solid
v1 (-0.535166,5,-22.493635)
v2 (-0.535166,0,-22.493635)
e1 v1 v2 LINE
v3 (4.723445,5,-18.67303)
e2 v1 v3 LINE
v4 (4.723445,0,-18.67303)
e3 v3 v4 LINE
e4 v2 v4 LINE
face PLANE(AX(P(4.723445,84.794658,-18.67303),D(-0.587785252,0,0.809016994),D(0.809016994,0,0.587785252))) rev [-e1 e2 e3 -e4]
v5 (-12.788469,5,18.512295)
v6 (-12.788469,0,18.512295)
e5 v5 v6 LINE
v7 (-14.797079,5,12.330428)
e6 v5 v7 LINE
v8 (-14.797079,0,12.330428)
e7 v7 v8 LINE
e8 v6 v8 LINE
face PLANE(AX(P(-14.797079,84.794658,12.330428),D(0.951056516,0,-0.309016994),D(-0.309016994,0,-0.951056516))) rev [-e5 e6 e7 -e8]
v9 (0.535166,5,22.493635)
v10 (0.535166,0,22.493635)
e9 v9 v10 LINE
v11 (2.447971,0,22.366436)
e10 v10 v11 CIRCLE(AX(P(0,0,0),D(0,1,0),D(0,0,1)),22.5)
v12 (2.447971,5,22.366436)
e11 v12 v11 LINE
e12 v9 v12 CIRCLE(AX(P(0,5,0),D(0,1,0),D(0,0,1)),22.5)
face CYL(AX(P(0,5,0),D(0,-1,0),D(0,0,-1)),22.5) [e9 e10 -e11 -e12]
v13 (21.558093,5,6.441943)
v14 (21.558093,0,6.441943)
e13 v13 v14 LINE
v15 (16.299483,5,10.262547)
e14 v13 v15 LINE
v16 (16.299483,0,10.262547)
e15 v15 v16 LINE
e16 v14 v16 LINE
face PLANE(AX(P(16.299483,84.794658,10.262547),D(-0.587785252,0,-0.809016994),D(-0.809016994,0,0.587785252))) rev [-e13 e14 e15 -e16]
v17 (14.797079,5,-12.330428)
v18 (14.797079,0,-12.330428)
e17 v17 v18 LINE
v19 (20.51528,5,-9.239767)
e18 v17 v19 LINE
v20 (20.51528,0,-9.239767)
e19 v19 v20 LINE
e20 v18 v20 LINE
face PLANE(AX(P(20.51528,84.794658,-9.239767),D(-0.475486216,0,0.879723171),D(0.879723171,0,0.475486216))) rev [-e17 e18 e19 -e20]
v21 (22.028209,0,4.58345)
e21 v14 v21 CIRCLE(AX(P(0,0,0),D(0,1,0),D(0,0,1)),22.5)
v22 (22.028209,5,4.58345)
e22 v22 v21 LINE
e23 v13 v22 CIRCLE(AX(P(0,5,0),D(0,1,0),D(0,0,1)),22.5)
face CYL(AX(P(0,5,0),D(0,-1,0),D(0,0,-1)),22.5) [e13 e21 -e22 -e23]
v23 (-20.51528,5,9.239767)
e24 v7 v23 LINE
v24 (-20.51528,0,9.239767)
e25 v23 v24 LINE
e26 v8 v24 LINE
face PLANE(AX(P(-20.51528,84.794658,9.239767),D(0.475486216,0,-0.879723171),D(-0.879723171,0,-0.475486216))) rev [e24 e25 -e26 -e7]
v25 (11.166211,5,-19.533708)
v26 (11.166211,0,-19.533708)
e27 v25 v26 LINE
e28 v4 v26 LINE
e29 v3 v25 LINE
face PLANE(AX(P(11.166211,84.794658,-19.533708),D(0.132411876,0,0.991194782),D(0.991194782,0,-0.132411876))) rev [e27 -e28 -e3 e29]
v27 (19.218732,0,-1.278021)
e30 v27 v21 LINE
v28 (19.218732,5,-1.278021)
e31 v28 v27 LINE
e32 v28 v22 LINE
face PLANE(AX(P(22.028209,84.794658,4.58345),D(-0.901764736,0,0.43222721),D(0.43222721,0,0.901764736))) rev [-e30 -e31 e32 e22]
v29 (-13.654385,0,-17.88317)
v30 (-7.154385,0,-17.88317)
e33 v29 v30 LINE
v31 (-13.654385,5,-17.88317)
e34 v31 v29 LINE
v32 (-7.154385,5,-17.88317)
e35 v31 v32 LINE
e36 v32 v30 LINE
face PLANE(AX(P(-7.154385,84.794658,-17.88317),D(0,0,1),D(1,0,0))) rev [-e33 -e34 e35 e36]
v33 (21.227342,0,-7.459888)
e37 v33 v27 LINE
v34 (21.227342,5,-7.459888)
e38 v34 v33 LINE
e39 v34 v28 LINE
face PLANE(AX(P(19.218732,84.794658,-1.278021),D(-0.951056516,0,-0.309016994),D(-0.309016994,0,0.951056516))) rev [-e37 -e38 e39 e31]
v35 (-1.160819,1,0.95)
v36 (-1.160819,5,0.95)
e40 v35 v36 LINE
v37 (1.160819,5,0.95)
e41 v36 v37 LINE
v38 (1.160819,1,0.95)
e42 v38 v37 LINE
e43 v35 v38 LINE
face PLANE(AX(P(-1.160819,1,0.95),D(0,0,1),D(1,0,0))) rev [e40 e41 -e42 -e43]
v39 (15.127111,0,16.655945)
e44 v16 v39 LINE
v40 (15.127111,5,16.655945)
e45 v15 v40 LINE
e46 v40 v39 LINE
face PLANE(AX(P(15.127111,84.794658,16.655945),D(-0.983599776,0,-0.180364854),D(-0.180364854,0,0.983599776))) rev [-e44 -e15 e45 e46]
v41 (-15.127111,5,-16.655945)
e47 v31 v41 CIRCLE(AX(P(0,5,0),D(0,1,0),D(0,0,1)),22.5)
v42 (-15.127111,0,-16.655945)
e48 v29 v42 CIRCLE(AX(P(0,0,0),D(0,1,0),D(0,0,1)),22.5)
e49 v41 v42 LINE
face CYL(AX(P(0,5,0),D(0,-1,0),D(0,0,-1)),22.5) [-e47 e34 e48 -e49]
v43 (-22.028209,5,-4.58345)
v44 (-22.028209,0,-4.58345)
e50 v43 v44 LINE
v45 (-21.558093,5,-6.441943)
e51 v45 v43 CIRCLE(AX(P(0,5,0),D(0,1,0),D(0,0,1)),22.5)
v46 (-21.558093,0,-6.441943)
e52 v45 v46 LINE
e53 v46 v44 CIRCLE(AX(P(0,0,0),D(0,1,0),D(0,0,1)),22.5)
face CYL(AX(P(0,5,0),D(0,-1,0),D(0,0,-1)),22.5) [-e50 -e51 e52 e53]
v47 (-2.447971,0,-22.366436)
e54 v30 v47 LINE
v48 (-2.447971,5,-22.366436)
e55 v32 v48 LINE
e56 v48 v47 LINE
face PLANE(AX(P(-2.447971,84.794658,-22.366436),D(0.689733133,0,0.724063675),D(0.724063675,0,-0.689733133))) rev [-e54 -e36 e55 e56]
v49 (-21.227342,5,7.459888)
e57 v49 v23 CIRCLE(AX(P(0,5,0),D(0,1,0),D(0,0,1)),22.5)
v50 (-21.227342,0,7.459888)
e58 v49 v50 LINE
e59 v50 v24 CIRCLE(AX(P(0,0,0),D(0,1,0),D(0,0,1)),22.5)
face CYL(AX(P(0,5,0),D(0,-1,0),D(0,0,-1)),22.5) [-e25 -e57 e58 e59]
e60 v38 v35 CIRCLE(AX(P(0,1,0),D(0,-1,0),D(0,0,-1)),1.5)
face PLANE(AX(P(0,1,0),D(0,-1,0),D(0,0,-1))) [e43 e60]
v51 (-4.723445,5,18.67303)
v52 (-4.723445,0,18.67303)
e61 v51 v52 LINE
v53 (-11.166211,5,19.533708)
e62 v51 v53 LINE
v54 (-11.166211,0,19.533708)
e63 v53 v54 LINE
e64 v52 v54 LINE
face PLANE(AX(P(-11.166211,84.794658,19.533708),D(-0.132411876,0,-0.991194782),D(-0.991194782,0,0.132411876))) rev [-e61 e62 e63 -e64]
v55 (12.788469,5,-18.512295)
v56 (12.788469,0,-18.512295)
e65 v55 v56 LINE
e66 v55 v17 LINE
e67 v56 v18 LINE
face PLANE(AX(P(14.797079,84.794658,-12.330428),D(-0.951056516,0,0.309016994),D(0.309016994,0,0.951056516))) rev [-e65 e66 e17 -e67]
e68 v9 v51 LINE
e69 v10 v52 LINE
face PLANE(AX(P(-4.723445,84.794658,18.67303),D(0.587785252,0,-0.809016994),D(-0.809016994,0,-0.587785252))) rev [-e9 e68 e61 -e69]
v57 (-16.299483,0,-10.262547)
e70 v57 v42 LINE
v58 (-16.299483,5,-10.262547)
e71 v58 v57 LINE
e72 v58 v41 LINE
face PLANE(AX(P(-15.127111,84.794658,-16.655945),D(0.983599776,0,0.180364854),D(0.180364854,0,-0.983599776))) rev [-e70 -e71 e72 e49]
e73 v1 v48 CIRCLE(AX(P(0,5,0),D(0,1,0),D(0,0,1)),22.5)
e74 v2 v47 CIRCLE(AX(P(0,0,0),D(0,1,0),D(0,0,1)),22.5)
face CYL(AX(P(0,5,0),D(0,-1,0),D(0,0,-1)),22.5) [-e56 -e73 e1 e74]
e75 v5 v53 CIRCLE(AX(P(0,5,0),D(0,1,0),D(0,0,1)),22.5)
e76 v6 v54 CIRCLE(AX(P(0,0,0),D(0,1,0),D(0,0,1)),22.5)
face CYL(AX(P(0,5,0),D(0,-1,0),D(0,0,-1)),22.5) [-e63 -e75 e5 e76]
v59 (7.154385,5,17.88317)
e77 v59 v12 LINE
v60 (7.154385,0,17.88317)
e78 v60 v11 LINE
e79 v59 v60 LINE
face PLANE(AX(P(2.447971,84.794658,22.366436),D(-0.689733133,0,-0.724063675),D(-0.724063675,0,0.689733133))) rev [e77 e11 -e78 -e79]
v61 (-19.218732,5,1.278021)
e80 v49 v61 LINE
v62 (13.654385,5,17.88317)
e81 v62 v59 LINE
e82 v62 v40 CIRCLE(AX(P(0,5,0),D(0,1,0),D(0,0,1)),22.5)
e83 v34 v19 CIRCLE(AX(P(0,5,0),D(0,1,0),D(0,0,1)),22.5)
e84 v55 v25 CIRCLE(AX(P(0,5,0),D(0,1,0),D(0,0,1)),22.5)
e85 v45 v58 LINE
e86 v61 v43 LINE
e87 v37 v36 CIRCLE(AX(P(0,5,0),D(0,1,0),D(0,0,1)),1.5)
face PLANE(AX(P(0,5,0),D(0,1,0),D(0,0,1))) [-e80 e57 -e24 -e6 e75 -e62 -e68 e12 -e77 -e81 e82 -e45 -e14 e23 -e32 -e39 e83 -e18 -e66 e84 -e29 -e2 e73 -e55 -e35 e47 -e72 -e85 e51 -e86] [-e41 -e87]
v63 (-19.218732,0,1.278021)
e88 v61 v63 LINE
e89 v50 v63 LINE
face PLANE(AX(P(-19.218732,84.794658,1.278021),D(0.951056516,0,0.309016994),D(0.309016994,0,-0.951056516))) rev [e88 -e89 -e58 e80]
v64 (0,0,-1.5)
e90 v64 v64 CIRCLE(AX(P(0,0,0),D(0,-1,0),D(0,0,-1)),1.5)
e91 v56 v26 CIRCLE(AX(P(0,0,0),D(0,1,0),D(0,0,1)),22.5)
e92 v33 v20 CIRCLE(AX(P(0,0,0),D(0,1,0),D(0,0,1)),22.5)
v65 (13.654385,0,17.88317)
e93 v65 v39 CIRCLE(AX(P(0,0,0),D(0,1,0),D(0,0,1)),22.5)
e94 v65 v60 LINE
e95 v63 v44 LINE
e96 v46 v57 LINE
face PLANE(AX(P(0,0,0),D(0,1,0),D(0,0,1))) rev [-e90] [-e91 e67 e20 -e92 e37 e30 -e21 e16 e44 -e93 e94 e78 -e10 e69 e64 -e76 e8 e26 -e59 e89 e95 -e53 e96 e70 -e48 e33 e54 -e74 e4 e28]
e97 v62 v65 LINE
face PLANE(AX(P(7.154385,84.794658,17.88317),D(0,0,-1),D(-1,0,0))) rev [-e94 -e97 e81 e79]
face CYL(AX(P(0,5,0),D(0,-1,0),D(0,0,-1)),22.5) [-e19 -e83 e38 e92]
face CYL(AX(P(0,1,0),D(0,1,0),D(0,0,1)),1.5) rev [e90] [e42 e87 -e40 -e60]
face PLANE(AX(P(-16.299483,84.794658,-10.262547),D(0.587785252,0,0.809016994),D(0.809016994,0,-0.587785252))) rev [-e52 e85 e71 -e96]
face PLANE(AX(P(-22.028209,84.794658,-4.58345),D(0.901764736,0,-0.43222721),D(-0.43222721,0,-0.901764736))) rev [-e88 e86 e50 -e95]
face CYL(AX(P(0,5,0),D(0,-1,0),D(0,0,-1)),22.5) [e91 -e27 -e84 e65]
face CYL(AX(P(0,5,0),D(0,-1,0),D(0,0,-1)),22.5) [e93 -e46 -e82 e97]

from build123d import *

# Parameters (mm, degrees)
SKETCH1_R               = 22.5
BOSS_EXTRUDE1_DEPTH     = 5
CUT_EXTRUDE1_DEPTH      = 4
CUT_EXTRUDE6_DEPTH      = 33.210246817
CUT_EXTRUDE6_DEPTH_BACK = 33.210246817
CUT_EXTRUDE7_START      = -1
SKETCH5_R               = 1.5
CUT_EXTRUDE7_DEPTH      = 1
CRVPATTERN3_COUNT       = 10


with BuildPart() as part:
    # Sketch1 → Boss-Extrude1 (new body)
    with BuildSketch(Plane(origin=(0, 0, 0), x_dir=(1, 0, 0), z_dir=(0, 1, 0))):
        with Locations(Location((0, 0, 0), (0, 0, 270))):
            Circle(SKETCH1_R)
    extrude(amount=BOSS_EXTRUDE1_DEPTH)

    # Sketch2 → Cut-Extrude1 (cut)
    with BuildSketch(Plane(origin=(0, 5, 0), x_dir=(1, 0, 0), z_dir=(0, 1, 0))):
        with BuildLine():
            Line((-1.160818677, -0.95), (1.160818677, -0.95))
            ThreePointArc((1.160818677, -0.95), (0, 1.5), (-1.160818677, -0.95))
        make_face()
    extrude(amount=-CUT_EXTRUDE1_DEPTH, mode=Mode.SUBTRACT)

    # Sketch4 → Cut-Extrude6 (cut, two sides: drawn at the far end of the back side and taken through both)
    with BuildSketch(Plane(origin=(0, 5, 0), x_dir=(1, 0, 0), z_dir=(0, 1, 0)).offset(-CUT_EXTRUDE6_DEPTH_BACK)):
        Polygon((83.285175452, 104.034655768), (-2.447970935, 22.36643553), (-7.154384821, 17.883170165), (-13.654384821, 17.883170165), (-132.059919263, 17.883170165), (-220.021178565, 237.751992892), (-4.67608385, 323.903478495), align=None)
    cut_extrude6 = extrude(amount=CUT_EXTRUDE6_DEPTH + CUT_EXTRUDE6_DEPTH_BACK, mode=Mode.SUBTRACT)

    # Sketch5 → Cut-Extrude7 (cut)
    with BuildSketch(Plane.XZ.offset(CUT_EXTRUDE7_START)):
        with Locations(Location((0, 0, 0), (0, 0, 39.296480239))):
            Circle(SKETCH5_R)
    extrude(amount=CUT_EXTRUDE7_DEPTH, mode=Mode.SUBTRACT)

    # CrvPattern3: Cut-Extrude6 ×10 about axis
    crvpattern3_axis = Axis((0, 0, 0), (0, -1, 0))
    for i in range(1, CRVPATTERN3_COUNT):
        add(cut_extrude6.rotate(crvpattern3_axis, i * 360 / CRVPATTERN3_COUNT), mode=Mode.SUBTRACT)


solid = part.part
